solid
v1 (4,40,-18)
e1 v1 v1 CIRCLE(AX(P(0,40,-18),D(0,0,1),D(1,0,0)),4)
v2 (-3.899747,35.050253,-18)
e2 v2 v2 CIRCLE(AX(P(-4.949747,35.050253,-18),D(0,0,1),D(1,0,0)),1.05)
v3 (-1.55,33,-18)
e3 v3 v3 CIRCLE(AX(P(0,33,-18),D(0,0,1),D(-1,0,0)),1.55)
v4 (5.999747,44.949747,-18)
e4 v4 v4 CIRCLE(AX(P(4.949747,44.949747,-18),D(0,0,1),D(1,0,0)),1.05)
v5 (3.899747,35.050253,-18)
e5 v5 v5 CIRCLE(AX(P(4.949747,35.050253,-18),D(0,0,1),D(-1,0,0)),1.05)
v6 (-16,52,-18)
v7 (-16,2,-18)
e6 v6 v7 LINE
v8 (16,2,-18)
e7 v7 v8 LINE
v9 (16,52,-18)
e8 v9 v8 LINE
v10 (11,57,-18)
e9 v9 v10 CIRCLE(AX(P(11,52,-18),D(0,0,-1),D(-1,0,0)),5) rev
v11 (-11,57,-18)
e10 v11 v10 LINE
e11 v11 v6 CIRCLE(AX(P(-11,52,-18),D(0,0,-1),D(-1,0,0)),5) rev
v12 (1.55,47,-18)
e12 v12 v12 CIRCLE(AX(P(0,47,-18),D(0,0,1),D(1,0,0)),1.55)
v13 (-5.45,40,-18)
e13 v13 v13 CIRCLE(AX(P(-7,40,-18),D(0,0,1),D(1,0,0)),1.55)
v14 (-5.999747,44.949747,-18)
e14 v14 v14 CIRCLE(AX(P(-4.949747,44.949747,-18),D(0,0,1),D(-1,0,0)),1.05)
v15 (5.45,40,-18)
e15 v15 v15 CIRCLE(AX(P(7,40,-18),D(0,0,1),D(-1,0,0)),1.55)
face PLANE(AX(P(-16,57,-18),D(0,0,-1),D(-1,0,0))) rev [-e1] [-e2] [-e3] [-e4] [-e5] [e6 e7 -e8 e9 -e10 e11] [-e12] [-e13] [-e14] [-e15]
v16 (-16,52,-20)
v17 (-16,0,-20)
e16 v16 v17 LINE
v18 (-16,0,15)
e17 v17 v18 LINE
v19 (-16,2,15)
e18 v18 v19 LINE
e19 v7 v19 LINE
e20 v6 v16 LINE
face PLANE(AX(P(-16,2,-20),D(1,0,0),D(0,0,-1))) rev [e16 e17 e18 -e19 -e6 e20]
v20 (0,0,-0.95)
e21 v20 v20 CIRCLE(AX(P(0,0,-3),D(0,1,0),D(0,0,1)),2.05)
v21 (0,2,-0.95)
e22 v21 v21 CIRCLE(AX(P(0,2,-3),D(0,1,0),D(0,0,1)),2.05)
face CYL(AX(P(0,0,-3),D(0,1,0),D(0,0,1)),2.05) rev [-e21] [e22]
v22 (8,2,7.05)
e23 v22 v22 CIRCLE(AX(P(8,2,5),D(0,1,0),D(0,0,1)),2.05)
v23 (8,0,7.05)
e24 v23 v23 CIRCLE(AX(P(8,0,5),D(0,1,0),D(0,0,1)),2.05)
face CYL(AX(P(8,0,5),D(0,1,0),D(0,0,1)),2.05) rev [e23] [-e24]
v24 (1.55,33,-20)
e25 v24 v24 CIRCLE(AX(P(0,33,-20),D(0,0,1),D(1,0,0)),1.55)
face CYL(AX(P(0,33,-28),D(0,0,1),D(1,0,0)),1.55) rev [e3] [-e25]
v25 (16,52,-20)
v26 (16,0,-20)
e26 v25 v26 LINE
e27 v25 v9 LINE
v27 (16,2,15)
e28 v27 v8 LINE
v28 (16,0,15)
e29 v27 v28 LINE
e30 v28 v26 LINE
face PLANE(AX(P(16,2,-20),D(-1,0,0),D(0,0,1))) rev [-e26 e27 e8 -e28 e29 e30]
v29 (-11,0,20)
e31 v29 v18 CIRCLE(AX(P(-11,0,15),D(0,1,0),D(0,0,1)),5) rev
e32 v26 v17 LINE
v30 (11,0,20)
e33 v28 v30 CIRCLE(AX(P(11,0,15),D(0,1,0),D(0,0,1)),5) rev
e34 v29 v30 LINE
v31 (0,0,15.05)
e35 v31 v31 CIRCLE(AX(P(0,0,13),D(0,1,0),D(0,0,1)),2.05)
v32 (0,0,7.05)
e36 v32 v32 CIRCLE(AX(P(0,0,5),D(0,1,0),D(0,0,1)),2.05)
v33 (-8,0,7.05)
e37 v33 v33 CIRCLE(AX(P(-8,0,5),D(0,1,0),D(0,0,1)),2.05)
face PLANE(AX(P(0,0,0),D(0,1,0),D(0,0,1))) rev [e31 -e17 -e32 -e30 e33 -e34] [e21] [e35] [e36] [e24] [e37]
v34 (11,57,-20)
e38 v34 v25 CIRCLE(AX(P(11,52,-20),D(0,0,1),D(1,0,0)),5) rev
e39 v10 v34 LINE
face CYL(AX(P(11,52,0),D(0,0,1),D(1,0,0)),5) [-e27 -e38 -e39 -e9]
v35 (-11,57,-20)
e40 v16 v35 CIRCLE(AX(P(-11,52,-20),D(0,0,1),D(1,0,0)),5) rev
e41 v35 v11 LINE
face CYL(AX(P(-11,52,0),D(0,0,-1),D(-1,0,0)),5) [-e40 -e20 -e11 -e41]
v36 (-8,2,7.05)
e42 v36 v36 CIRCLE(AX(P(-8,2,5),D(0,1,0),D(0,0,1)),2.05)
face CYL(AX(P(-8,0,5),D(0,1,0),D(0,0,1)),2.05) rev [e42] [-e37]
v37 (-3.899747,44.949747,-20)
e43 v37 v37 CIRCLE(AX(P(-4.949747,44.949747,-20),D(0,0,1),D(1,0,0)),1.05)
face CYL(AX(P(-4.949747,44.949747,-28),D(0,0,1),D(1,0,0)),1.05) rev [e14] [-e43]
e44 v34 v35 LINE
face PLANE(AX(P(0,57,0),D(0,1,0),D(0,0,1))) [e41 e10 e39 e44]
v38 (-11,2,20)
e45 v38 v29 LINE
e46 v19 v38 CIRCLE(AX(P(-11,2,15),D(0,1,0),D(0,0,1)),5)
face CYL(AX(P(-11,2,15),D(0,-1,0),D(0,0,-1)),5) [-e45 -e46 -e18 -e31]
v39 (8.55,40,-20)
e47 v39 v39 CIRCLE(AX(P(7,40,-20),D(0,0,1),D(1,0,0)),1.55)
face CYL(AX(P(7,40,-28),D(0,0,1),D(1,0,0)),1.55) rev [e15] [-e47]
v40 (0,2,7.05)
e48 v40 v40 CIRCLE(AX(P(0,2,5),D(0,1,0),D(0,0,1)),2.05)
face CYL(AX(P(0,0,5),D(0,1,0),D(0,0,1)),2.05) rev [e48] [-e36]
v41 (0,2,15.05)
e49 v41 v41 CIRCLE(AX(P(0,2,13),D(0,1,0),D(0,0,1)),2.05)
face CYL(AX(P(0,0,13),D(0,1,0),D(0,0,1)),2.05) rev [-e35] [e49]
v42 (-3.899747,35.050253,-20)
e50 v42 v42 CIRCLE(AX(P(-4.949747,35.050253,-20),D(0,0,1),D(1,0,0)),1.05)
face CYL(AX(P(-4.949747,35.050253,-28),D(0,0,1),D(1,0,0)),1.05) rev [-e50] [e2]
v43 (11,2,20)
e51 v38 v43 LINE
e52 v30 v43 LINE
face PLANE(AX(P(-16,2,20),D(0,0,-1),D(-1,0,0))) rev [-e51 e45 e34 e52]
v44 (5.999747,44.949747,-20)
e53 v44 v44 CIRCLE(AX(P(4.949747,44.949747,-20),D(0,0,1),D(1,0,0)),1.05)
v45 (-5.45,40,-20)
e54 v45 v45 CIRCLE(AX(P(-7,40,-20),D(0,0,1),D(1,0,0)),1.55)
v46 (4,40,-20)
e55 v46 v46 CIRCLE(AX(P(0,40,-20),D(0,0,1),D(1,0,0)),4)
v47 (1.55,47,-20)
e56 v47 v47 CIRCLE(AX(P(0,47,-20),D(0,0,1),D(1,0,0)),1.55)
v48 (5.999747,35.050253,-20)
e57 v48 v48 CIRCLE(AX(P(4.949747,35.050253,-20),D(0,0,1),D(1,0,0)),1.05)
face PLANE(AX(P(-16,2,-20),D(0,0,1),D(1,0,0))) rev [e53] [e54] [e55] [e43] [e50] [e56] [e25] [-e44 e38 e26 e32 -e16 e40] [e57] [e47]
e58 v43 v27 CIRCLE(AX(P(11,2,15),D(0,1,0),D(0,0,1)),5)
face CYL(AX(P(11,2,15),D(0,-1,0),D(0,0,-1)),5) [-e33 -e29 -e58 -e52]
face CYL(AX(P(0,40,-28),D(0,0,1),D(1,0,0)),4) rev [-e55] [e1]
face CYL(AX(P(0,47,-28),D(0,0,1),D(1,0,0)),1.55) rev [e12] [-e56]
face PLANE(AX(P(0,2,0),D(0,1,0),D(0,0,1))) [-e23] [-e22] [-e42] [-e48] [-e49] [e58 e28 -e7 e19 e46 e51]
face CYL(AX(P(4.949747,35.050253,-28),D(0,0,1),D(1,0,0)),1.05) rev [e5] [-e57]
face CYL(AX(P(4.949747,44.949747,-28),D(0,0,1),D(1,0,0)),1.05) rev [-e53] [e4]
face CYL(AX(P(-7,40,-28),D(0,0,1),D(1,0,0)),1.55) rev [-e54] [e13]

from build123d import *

# Parameters (mm, degrees)
SKETCH_2_W          = 32
SKETCH_2_H          = 40
EXTRUDE_1_DEPTH     = 2
SKETCH_3_W          = 32
SKETCH_3_H          = 2
EXTRUDE_2_DEPTH     = 55
SKETCH_6_R          = 2.05
CUT_EXTRUDE_2_DEPTH = 61.671245248
FILLET_1_R          = 5
SKETCH1_R           = 4
SKETCH1_R_2         = 1.55
SKETCH1_R_3         = 1.05
CUT_EXTRUDE1_DEPTH  = 10


with BuildPart() as part:
    # 草图2 → 凸台-拉伸1 (new body)
    with BuildSketch(Plane(origin=(0, 0, 0), x_dir=(1, 0, 0), z_dir=(0, 1, 0))):
        Rectangle(SKETCH_2_W, SKETCH_2_H)
    extrude(amount=EXTRUDE_1_DEPTH)

    # 草图3 → 凸台-拉伸2 (add)
    with BuildSketch(Plane(origin=(0, 2, 0), x_dir=(1, 0, 0), z_dir=(0, 1, 0))):
        with Locations((0, 19)):
            Rectangle(SKETCH_3_W, SKETCH_3_H)
    extrude(amount=EXTRUDE_2_DEPTH)

    # 草图6 → 切除-拉伸2 (cut, through all)
    with BuildSketch(Plane(origin=(0, 2, 0), x_dir=(1, 0, 0), z_dir=(0, 1, 0))):
        with Locations(Location((0, -5, 0), (0, 0, 270))):
            Circle(SKETCH_6_R)
        with Locations(Location((-8, -5, 0), (0, 0, 270))):
            Circle(SKETCH_6_R)
        with Locations(Location((8, -5, 0), (0, 0, 270))):
            Circle(SKETCH_6_R)
        with Locations(Location((0, 3, 0), (0, 0, 270))):
            Circle(SKETCH_6_R)
        with Locations(Location((0, -13, 0), (0, 0, 270))):
            Circle(SKETCH_6_R)
    extrude(amount=-CUT_EXTRUDE_2_DEPTH, mode=Mode.SUBTRACT)

    # 圆角1
    fillet_1_edges = [part.edges().sort_by_distance(p)[0] for p in [
        (-16, 57, -19),
        (16, 57, -19),
        (16, 1, 20),
        (-16, 1, 20),
    ]]
    fillet(fillet_1_edges, radius=FILLET_1_R)

    # Sketch1 → Cut-Extrude1 (cut)
    with BuildSketch(Plane.XY.offset(-18)):
        with Locations((0, 40)):
            Circle(SKETCH1_R)
        with Locations((0, 47)):
            Circle(SKETCH1_R_2)
        with Locations((4.949747468, 44.949747468)):
            Circle(SKETCH1_R_3)
        with Locations((7, 40)):
            Circle(SKETCH1_R_2)
        with Locations((4.949747468, 35.050252532)):
            Circle(SKETCH1_R_3)
        with Locations((0, 33)):
            Circle(SKETCH1_R_2)
        with Locations((-4.949747468, 35.050252532)):
            Circle(SKETCH1_R_3)
        with Locations((-4.949747468, 44.949747468)):
            Circle(SKETCH1_R_3)
        with Locations((-7, 40)):
            Circle(SKETCH1_R_2)
    extrude(amount=-CUT_EXTRUDE1_DEPTH, mode=Mode.SUBTRACT)


solid = part.part
